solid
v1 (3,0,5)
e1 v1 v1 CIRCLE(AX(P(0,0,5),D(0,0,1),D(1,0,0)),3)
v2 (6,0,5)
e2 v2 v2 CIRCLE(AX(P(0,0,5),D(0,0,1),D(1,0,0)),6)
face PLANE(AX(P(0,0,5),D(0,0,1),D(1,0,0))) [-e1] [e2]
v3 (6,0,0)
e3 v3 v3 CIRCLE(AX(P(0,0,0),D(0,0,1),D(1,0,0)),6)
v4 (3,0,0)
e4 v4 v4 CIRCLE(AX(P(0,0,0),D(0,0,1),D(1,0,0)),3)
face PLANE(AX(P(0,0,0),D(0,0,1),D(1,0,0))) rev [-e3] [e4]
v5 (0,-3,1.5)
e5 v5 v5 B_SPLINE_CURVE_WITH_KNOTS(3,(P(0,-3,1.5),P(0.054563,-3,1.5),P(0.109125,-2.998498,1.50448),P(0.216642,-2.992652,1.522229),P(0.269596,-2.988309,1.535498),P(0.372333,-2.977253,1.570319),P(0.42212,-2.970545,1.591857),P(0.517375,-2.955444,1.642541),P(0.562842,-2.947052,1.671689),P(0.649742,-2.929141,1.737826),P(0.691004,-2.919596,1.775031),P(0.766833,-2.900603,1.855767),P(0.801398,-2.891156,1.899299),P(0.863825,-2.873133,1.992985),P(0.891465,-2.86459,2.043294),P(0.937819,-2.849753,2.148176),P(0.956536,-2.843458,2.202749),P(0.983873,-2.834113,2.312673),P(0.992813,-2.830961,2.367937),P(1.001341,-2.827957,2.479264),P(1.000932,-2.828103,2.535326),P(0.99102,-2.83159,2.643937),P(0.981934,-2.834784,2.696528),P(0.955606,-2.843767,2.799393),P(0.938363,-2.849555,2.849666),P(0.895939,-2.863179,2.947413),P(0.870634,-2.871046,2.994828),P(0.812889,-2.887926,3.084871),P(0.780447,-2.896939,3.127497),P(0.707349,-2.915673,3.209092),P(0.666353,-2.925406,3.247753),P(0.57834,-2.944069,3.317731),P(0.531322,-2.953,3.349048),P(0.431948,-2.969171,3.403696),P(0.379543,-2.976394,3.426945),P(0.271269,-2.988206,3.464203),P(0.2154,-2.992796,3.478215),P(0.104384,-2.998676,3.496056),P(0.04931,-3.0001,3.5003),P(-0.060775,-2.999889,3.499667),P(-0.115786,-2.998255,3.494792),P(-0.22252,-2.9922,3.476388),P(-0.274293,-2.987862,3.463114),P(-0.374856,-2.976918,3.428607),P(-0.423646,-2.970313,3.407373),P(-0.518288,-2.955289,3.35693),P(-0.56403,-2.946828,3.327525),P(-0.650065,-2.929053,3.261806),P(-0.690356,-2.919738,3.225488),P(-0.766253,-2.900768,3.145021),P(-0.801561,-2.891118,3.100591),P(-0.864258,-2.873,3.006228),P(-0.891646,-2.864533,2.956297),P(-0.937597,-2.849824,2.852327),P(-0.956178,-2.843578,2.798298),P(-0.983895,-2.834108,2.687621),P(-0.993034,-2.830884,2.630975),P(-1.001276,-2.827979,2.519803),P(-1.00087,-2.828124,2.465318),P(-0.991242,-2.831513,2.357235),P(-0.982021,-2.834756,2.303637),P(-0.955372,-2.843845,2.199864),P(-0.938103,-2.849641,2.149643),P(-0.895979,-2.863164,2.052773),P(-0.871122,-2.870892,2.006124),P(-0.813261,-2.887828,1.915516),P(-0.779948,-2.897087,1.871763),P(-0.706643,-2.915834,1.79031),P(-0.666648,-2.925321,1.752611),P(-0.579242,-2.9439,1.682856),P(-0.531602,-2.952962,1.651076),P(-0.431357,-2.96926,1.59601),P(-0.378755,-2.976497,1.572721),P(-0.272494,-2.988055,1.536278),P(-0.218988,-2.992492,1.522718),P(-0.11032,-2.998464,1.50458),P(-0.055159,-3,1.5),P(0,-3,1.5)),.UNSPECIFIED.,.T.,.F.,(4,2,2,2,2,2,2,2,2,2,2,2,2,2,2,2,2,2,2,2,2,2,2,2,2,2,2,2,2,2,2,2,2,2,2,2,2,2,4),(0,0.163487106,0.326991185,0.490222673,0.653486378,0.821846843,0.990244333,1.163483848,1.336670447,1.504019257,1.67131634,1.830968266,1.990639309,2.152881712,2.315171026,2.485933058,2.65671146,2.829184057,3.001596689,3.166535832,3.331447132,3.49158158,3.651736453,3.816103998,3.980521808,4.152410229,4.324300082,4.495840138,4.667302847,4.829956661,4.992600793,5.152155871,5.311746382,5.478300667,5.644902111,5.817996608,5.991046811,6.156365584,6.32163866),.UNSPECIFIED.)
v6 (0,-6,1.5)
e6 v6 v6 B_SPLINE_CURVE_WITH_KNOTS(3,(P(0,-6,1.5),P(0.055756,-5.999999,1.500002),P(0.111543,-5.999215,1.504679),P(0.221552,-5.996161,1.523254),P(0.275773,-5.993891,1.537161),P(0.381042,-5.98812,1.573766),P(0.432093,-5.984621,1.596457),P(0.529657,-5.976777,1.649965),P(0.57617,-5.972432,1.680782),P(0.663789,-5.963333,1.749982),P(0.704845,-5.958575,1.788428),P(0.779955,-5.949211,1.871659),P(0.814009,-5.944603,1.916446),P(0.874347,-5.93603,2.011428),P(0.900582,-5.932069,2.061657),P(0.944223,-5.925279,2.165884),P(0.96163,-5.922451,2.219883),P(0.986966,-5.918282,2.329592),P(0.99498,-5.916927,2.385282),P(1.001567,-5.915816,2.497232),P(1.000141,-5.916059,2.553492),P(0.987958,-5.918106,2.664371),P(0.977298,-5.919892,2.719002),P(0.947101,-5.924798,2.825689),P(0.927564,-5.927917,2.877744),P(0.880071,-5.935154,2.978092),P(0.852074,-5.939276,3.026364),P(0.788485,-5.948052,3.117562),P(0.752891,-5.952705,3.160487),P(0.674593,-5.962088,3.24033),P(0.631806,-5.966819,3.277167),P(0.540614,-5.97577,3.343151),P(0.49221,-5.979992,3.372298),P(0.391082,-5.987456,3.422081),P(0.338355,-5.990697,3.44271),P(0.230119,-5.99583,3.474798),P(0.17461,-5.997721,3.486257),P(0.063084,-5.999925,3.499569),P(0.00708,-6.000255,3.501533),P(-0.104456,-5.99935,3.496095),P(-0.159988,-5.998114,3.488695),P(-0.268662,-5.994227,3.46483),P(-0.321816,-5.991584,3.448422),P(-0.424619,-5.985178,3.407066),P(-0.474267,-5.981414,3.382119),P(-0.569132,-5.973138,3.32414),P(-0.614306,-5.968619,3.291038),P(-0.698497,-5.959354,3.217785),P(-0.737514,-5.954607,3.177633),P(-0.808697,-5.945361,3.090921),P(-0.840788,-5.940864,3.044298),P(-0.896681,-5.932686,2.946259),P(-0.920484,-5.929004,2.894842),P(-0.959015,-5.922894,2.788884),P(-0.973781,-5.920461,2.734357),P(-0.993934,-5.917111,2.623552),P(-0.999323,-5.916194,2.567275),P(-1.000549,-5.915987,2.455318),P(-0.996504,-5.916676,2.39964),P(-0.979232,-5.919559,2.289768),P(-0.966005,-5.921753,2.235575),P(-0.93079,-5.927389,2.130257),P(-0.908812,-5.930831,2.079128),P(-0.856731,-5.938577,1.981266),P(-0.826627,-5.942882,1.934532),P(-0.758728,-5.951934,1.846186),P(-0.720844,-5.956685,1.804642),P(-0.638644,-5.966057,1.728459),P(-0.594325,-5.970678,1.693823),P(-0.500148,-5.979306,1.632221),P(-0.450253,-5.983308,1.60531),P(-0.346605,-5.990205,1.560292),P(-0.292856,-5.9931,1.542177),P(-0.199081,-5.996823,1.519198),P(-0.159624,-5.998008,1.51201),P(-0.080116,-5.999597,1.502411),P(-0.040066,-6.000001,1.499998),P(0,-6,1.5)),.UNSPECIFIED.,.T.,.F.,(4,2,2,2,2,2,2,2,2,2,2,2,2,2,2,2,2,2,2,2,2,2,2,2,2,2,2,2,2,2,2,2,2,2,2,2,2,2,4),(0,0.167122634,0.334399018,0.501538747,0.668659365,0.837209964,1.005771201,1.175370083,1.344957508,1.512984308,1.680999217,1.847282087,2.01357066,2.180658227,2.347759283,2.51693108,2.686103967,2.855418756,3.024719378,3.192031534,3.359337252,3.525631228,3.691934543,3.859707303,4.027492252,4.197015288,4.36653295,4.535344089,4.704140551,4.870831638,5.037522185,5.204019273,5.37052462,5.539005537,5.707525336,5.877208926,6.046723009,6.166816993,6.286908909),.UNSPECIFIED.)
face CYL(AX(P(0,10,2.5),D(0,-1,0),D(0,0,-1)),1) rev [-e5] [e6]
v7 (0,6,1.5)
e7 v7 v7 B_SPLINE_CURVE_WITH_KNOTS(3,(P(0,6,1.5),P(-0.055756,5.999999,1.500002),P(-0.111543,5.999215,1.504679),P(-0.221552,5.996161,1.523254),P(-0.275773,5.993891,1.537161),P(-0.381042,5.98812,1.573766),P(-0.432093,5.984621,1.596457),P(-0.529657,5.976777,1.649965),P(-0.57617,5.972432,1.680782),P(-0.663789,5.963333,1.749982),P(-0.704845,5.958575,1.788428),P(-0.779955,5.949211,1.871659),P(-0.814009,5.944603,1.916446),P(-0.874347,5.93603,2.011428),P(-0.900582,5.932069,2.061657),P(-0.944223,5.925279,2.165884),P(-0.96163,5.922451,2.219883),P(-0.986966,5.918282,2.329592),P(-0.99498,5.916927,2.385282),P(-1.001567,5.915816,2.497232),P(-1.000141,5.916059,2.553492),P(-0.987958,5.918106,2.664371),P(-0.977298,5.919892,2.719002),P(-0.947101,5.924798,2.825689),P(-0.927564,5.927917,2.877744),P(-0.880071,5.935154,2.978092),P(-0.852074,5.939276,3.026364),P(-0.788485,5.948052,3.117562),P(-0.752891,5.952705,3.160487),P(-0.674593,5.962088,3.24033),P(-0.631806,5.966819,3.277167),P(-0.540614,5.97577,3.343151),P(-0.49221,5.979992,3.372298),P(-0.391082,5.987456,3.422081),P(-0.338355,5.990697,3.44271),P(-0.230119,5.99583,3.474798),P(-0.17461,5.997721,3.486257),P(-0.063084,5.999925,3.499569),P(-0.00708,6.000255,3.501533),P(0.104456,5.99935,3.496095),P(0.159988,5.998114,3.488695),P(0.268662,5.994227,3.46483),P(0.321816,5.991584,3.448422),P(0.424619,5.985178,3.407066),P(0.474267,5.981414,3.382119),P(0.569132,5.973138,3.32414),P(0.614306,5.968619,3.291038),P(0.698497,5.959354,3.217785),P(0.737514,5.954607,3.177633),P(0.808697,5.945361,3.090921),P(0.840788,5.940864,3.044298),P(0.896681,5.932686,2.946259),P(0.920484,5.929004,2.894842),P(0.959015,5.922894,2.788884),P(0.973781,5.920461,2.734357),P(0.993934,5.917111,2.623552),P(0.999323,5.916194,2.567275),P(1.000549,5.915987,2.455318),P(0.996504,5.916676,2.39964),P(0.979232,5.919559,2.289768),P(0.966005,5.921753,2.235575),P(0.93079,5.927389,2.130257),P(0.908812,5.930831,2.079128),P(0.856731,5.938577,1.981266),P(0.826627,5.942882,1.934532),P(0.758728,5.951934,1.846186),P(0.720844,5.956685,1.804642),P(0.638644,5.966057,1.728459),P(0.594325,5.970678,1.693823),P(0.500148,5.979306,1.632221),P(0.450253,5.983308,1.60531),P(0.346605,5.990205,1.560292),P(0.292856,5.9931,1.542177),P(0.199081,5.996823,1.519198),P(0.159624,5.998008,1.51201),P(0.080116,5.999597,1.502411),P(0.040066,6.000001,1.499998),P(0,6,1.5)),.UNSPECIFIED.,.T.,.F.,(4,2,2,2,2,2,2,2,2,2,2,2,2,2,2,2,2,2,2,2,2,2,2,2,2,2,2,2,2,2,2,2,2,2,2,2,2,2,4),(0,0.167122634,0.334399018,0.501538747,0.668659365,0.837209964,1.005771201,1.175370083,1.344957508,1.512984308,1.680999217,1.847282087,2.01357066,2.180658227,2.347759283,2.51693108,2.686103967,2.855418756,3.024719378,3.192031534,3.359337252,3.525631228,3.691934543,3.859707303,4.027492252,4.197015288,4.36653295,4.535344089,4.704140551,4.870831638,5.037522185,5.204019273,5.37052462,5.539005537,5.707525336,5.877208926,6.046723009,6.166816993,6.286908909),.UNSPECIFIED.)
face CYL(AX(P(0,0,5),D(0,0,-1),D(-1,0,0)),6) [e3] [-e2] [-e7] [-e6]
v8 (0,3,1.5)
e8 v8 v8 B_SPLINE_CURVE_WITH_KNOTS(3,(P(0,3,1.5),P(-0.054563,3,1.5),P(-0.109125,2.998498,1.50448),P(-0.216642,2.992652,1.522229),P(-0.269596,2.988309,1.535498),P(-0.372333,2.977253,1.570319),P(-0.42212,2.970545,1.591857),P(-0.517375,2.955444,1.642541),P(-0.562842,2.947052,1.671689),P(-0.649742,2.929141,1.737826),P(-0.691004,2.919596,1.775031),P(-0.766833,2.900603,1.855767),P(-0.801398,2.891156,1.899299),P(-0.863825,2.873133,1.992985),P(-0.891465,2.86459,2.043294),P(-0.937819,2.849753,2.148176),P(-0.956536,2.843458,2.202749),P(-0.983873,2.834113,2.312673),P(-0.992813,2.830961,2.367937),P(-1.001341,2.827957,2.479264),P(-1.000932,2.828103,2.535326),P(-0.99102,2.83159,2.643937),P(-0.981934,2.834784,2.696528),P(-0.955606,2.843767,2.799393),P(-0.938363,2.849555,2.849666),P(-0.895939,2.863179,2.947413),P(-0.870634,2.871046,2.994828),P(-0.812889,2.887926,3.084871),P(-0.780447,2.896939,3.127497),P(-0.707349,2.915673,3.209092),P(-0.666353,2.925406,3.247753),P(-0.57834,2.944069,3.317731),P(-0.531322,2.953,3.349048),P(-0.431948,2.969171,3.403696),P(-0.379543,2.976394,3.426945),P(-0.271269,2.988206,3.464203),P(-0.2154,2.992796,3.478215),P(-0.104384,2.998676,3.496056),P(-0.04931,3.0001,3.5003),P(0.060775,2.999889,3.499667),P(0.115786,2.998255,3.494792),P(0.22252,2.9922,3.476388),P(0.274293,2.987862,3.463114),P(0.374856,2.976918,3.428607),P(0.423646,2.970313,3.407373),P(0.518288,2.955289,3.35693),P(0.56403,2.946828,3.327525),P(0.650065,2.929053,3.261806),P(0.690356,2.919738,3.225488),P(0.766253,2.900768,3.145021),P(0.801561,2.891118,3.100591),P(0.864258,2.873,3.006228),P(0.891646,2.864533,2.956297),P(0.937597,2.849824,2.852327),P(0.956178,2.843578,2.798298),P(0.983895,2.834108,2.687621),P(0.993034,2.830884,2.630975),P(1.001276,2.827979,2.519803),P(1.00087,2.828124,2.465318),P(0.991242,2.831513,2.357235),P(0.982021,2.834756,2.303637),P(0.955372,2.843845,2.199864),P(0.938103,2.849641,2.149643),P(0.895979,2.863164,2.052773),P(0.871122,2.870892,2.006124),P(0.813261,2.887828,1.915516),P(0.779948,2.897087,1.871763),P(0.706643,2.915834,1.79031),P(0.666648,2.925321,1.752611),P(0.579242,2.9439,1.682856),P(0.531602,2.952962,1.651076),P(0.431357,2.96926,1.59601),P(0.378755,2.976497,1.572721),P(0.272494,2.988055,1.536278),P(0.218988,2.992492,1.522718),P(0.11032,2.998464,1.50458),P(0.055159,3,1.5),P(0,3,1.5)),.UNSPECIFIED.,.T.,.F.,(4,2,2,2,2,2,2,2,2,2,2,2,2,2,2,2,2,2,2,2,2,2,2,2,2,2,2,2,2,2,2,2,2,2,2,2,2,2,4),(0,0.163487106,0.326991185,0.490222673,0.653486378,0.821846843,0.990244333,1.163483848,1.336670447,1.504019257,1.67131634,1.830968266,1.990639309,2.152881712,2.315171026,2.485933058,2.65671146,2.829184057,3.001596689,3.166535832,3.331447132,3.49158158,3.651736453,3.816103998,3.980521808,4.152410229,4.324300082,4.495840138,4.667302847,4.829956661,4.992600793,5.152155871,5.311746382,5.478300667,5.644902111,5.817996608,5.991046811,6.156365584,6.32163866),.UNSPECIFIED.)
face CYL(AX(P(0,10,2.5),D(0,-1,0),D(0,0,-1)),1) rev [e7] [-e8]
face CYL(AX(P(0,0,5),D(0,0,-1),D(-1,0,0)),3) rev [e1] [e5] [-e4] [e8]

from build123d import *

# Parameters (mm, degrees)
SKIZZE1_R                            = 6
SKIZZE1_R_2                          = 3
AUFSATZ_LINEAR_AUSTRAGEN1_DEPTH      = 5
SCHNITT_LINEAR_AUSTRAGEN1_DEPTH      = 10
SCHNITT_LINEAR_AUSTRAGEN1_DEPTH_BACK = 10
SKIZZE2_R                            = 1


with BuildPart() as part:
    # Skizze1 → Aufsatz-Linear austragen1 (new body)
    with BuildSketch(Plane.XY):
        Circle(SKIZZE1_R)
        Circle(SKIZZE1_R_2, mode=Mode.SUBTRACT)
    extrude(amount=AUFSATZ_LINEAR_AUSTRAGEN1_DEPTH)

    # Skizze2 → Schnitt-Linear austragen1 (cut, two sides: drawn at the far end of the back side and taken through both)
    with BuildSketch(Plane(origin=(0, 0, 0), x_dir=(1, 0, 0), z_dir=(0, 1, 0)).offset(-SCHNITT_LINEAR_AUSTRAGEN1_DEPTH_BACK)):
        with Locations((0, -2.5)):
            Circle(SKIZZE2_R)
    extrude(amount=SCHNITT_LINEAR_AUSTRAGEN1_DEPTH + SCHNITT_LINEAR_AUSTRAGEN1_DEPTH_BACK, mode=Mode.SUBTRACT)


solid = part.part
